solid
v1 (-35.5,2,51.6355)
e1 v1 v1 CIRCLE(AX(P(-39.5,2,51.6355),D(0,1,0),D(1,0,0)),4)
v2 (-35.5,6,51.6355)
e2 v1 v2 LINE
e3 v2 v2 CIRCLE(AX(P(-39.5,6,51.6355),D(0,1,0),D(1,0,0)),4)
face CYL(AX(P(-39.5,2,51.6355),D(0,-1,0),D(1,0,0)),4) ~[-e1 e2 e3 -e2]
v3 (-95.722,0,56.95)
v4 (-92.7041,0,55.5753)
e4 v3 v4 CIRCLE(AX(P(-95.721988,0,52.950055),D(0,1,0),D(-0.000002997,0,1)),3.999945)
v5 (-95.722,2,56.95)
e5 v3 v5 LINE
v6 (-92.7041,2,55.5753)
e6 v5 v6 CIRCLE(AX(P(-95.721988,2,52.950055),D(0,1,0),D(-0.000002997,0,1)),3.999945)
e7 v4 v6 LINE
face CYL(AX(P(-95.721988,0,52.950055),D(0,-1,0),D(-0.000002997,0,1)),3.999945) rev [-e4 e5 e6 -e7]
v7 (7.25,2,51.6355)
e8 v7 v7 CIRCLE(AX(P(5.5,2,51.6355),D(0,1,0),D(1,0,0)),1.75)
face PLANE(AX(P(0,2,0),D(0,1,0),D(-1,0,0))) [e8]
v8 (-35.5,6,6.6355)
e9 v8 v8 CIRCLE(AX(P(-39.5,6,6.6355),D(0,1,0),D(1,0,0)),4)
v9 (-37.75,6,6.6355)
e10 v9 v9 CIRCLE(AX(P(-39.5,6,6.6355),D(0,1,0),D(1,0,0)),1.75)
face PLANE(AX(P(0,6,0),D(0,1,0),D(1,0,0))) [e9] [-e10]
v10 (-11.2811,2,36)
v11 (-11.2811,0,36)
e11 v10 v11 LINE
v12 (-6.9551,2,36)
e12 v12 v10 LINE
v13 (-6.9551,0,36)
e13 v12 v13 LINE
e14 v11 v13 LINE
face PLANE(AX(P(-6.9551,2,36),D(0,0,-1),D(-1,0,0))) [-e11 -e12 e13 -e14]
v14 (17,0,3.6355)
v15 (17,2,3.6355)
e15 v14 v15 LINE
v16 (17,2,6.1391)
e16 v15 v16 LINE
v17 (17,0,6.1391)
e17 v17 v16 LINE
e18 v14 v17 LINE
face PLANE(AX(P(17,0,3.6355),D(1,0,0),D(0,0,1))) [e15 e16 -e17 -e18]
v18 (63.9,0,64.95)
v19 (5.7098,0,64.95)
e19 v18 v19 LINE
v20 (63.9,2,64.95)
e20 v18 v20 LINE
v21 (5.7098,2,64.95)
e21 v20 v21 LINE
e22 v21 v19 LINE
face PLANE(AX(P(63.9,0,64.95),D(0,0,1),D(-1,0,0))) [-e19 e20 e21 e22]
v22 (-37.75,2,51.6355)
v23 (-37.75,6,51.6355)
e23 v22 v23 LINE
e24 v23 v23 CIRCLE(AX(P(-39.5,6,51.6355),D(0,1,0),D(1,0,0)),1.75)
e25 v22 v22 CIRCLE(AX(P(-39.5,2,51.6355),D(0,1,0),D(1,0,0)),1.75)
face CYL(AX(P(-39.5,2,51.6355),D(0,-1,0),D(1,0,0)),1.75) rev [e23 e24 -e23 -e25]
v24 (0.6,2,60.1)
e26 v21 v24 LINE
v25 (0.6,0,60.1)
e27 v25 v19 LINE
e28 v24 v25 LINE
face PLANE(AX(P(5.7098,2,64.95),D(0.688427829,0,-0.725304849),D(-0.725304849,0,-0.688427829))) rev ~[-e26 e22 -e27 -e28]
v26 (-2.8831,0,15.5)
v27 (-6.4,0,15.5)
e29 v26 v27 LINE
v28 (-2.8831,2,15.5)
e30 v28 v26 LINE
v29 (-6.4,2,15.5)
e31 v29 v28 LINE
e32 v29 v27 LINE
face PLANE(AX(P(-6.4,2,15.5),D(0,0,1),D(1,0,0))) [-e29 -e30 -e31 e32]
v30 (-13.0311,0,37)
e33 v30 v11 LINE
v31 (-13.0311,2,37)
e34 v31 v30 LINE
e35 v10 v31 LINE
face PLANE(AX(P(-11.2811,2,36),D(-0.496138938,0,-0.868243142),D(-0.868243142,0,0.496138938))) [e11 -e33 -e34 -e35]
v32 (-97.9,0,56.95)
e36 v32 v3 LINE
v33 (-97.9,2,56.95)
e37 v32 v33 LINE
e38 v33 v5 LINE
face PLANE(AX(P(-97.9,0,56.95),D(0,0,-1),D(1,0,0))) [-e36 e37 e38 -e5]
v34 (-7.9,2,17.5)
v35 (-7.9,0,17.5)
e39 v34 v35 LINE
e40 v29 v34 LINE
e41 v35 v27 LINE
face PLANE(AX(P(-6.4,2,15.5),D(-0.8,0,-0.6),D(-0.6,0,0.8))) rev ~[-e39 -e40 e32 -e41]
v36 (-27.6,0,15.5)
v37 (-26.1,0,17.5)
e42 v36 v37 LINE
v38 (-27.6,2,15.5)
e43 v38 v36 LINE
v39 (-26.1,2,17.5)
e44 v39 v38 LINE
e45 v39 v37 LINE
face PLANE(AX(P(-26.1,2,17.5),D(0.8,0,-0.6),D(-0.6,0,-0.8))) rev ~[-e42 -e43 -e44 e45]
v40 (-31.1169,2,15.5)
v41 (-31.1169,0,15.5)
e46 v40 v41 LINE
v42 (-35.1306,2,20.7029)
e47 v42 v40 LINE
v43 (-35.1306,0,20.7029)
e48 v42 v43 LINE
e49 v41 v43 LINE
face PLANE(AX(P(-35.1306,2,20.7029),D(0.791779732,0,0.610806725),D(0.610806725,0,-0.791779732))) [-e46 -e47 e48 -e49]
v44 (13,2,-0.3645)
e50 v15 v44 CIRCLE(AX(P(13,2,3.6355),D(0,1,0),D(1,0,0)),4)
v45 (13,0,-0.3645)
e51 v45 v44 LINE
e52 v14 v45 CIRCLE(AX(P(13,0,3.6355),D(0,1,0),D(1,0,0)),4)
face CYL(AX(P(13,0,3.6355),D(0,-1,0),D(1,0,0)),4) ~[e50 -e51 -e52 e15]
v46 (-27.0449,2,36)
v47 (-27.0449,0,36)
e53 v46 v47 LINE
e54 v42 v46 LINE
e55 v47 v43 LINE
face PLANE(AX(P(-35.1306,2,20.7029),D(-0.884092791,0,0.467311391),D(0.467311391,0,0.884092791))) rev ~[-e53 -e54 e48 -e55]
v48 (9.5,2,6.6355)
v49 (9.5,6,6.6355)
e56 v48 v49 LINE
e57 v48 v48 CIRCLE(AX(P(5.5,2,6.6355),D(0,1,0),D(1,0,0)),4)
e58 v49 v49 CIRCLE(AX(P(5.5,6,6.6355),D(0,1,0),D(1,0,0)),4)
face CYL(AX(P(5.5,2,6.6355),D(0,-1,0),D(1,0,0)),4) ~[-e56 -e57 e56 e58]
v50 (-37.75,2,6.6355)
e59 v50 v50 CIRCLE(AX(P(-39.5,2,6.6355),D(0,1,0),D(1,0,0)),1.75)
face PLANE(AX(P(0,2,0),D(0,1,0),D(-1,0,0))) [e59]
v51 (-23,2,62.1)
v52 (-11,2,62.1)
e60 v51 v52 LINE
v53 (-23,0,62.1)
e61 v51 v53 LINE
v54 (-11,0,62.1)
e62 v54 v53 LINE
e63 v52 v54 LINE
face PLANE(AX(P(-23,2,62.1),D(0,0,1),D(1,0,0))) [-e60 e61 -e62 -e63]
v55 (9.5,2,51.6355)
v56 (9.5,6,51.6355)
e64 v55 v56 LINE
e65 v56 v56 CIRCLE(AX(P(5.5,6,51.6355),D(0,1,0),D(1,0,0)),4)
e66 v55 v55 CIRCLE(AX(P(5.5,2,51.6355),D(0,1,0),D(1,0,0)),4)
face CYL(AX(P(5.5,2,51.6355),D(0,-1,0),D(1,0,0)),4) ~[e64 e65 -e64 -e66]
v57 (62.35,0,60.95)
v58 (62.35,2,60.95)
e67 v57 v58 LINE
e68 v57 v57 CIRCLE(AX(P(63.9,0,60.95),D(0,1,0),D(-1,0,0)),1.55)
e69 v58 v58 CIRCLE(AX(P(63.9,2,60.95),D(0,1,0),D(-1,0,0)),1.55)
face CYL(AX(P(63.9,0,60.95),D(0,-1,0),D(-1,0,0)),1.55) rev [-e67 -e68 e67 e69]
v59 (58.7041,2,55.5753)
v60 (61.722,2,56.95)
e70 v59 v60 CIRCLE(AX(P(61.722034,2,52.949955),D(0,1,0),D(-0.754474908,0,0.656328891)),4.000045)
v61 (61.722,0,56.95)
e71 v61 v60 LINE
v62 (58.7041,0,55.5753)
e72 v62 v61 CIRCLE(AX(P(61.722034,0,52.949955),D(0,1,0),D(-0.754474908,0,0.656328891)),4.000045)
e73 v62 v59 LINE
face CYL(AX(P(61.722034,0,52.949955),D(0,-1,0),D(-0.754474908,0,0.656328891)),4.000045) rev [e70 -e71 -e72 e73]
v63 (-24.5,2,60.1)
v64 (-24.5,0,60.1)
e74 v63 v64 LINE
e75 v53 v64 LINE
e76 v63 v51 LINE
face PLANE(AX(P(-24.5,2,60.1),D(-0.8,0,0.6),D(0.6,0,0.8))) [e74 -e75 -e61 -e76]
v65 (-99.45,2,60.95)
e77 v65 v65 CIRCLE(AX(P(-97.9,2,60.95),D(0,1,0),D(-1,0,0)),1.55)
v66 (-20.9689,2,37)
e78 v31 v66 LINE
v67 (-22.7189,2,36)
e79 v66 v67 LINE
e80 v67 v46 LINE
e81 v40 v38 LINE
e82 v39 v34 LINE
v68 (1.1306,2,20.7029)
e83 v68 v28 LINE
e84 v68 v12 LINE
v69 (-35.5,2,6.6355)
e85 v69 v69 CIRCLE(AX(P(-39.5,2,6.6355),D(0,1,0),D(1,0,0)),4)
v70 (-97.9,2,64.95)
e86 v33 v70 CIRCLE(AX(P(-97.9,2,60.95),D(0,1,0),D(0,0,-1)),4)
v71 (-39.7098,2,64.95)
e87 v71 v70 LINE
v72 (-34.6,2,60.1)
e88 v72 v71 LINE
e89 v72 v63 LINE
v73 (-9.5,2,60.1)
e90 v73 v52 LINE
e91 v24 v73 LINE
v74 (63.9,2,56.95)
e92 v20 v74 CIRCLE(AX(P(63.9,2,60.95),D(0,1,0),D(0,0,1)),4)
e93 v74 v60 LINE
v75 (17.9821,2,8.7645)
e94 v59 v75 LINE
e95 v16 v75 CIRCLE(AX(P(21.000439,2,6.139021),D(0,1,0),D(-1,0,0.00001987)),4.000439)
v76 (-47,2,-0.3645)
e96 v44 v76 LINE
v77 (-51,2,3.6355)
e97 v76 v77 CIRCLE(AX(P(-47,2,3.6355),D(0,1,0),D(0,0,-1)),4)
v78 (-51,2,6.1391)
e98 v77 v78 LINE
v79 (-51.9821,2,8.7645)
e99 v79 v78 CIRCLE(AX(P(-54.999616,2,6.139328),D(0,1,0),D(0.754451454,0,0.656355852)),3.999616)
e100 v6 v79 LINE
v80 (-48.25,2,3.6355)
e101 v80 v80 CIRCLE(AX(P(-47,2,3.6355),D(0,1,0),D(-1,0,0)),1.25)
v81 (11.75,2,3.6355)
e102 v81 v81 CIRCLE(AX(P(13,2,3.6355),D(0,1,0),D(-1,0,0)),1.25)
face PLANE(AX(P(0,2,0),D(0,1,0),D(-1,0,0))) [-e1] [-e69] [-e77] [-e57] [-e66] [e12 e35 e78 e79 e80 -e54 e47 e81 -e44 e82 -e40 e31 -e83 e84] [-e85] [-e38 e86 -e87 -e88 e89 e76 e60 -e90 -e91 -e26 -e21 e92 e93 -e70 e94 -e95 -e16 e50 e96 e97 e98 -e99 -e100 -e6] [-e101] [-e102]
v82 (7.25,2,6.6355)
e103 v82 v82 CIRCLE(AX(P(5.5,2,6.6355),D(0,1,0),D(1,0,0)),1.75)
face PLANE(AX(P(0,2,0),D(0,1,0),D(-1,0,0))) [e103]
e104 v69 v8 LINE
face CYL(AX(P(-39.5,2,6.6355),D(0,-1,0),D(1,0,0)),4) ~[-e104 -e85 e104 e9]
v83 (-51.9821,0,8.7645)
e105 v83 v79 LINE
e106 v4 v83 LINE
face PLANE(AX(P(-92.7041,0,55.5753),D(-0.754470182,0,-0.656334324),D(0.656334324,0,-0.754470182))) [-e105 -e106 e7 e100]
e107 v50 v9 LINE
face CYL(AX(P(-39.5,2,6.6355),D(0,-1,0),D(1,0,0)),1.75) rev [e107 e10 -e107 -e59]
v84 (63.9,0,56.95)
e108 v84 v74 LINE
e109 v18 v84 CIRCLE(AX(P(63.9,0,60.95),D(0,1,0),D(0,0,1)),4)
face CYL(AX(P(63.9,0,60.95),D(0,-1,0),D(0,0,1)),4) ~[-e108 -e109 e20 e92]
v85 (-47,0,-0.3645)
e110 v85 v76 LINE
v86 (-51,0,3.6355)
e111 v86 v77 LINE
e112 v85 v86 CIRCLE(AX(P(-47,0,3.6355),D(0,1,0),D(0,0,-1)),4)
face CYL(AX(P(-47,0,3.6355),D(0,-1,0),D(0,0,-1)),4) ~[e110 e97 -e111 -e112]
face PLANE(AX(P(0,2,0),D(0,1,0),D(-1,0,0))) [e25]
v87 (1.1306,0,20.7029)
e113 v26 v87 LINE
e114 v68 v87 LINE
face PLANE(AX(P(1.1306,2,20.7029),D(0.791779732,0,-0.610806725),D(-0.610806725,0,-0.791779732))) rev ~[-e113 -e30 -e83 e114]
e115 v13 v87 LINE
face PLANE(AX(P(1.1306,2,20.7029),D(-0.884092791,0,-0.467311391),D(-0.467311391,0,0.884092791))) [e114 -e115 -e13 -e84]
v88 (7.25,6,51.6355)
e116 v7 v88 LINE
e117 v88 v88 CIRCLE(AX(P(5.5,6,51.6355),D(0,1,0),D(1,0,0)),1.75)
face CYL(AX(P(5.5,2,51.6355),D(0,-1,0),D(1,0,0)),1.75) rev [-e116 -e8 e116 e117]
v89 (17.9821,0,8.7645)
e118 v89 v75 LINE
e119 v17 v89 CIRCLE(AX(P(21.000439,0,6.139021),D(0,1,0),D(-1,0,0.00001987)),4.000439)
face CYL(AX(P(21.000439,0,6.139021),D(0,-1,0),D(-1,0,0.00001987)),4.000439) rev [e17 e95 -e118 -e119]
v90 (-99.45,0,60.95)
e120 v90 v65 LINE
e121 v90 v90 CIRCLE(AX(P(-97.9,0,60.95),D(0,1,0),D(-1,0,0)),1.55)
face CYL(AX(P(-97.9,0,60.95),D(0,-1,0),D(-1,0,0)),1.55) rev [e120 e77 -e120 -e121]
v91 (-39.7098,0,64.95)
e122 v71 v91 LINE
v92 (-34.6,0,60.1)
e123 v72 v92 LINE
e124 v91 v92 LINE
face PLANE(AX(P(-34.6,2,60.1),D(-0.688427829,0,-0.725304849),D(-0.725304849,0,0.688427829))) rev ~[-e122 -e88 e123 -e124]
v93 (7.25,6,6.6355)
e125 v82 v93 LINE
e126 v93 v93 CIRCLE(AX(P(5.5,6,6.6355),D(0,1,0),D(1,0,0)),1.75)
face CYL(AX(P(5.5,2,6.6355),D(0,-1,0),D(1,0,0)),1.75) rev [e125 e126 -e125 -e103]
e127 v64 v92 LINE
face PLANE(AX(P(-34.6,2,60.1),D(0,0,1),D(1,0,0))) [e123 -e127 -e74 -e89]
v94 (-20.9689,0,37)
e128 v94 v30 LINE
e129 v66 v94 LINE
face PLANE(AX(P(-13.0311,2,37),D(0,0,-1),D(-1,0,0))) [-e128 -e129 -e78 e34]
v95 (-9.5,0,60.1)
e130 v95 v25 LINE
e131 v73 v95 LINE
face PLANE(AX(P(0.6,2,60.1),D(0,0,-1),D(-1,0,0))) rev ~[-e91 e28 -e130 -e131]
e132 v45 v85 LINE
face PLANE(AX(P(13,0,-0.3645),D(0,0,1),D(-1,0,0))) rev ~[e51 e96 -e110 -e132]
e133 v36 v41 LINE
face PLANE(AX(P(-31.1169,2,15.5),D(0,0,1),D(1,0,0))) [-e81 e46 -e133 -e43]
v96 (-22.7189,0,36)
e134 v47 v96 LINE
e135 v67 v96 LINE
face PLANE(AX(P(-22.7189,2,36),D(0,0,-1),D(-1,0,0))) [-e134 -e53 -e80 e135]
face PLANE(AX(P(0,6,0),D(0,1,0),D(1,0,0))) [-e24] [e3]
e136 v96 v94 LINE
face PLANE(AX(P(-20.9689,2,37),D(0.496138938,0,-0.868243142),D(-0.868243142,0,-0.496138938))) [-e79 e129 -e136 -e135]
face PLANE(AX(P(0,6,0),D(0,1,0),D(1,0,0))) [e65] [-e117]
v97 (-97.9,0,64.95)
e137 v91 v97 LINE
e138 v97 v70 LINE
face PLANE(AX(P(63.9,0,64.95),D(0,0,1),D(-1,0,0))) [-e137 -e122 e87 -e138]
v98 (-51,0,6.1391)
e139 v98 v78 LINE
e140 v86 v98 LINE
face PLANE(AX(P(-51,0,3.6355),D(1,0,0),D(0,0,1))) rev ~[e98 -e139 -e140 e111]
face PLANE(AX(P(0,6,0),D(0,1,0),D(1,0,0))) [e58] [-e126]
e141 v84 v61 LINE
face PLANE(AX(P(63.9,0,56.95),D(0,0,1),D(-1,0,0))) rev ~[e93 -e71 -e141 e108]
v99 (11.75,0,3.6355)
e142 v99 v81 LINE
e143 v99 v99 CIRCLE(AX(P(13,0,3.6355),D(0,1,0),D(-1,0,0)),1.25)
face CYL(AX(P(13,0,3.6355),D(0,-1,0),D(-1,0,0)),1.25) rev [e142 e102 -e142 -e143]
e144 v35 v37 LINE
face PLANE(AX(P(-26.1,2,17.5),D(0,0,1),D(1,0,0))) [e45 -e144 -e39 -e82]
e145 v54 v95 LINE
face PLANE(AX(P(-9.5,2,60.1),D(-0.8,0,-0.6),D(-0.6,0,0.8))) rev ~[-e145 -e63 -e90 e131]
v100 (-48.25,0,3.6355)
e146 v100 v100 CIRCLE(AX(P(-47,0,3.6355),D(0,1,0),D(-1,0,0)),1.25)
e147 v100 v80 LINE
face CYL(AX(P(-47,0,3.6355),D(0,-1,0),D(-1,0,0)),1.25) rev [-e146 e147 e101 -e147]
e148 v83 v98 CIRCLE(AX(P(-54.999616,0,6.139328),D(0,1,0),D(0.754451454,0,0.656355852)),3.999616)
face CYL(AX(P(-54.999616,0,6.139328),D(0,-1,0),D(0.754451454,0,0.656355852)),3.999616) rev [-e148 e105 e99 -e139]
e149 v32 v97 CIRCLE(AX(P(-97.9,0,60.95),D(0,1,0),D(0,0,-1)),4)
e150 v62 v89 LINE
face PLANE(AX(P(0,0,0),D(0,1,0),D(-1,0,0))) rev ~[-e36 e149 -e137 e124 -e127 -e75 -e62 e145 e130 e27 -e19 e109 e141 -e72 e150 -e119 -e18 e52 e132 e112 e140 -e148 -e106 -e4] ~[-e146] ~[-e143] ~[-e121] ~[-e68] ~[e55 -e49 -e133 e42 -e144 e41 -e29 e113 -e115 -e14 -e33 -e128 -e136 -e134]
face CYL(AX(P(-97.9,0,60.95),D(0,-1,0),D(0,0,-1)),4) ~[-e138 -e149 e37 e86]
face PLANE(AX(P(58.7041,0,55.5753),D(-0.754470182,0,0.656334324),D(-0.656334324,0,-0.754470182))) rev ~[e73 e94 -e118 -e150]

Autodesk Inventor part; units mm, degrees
ref_plane "YZ Plane" through (0, 0, 0) normal (1, 0, 0) x (0, 1, 0)
ref_plane "XZ Plane" through (0, 0, 0) normal (0, 1, 0) x (-1, 0, 0)
ref_plane "XY Plane" through (0, 0, 0) normal (0, 0, 1) x (1, 0, 0)
sketch "Sketch1" plane through (0, 0, 0) normal (0, 1, 0) x (-1, 0, 0)
  circle A0 centre (-13, 3.6355) radius 1.25
  circle A1 centre (47, 3.6355) radius 1.25
  circle A2 centre (-63.9, 60.95) radius 1.55
  circle A3 centre (-63.9, 60.95) radius 1.5
  circle A4 centre (97.9, 60.95) radius 1.55
  circle A5 centre (97.9, 60.95) radius 1.5
  arc A6 (47, -0.3645) -> (51, 3.6355) centre (47, 3.6355) ccw
  arc A7 (-17, 3.6355) -> (-13, -0.3645) centre (-13, 3.6355) ccw
  arc A8 (-63.9, 64.95) -> (-63.9, 56.95) centre (-63.9, 60.95) ccw
  arc A9 (97.9, 56.95) -> (97.9, 64.95) centre (97.9, 60.95) ccw
  line L0 (-13, -0.3645) -> (47, -0.3645)
  line L1 (-63.9, 64.95) -> (97.9, 64.95)
  line L2 (-17, 3.6355) -> (-17, 6.1391)
  line L3 (51, 3.6355) -> (51, 6.1391)
  arc A10 (51, 3.6355) -> (47, -0.3645) centre (47, 3.6355) ccw construction
  arc A11 (-13, -0.3645) -> (-17, 3.6355) centre (-13, 3.6355) ccw construction
  line L4 (-63.9, 56.95) -> (-61.722, 56.95)
  line L5 (97.9, 56.95) -> (95.722, 56.95)
  line L6 (92.7041, 55.5753) -> (51.9821, 8.7645)
  line L7 (-58.7041, 55.5753) -> (-17.9821, 8.7645)
  arc A12 (-58.7041, 55.5753) -> (-61.722, 56.95) centre (-61.722, 52.95) ccw
  arc A13 (95.722, 56.95) -> (92.7041, 55.5753) centre (95.722, 52.95) ccw
  arc A14 (51.9821, 8.7645) -> (51, 6.1391) centre (55, 6.1391) ccw
  arc A15 (-17, 6.1391) -> (-17.9821, 8.7645) centre (-21, 6.1391) ccw
  arc A16 (-63.9, 56.95) -> (-63.9, 64.95) centre (-63.9, 60.95) ccw construction
  arc A17 (97.9, 64.95) -> (97.9, 56.95) centre (97.9, 60.95) ccw construction
  point P0 (0, 0)
  point P1 (17, 90.5)
  dimension "d0" = 2.5
  dimension "d1" = 2.5
  dimension "d2" = 3
  dimension "d3" = 3
  dimension "d4" = 8
  dimension "d5" = 8
  dimension "d6" = 8
  dimension "d7" = 8
  dimension "d8" = 60
  dimension "d18" = 4
extrude "Extrusion1" add sketch "Sketch1" along normal blind 2 contours L0 A7 L2 A15 L7 A12 L4 A8 L1 A9 L5 A13 L6 A14 L3 A6
sketch "Sketch2" plane through (0, 2, 0) normal (0, 1, 0) x (1, 0, 0)
  circle A0 centre (13, -3.6355) radius 1.25 projected
  circle A1 centre (-47, -3.6355) radius 1.25 projected
  circle A2 centre (-39.5, -6.6355) radius 4
  circle A3 centre (5.5, -6.6355) radius 4
  circle A4 centre (5.5, -51.6355) radius 4
  circle A5 centre (-39.5, -51.6355) radius 4
  line L0 (13, 0.3645) -> (-47, 0.3645) projected
  circle A6 centre (-39.5, -6.6355) radius 1.75
  circle A7 centre (5.5, -6.6355) radius 1.75
  circle A8 centre (5.5, -51.6355) radius 1.75
  circle A9 centre (-39.5, -51.6355) radius 1.75
  point P0 (0, 0)
  dimension "d21" = 60
  dimension "d22" = 8
  dimension "d23" = 8
  dimension "d24" = 8
  dimension "d25" = 8
  dimension "d26" = 45
  dimension "d27" = 45
  dimension "d28" = 45
  dimension "d29" = 7
  dimension "d30" = 45
  dimension "d31" = 7.5
  dimension "d32" = 3.5
  dimension "d33" = 3.5
  dimension "d34" = 3.5
  dimension "d35" = 3.5
extrude "Extrusion2" add sketch "Sketch2" along normal blind 4 contours A2 | A3 | A4 | A5
sketch "Sketch3" plane through (0, 2, 0) normal (0, 1, 0) x (1, 0, 0)
  circle A0 centre (13, -3.6355) radius 1.55 construction
  line L0 (13, -3.6355) -> (-2, 2) construction
  line L1 (-2, 2) -> (-2, 4) construction
  line L2 (-2, 2) -> (-2, 4) construction
  line L3 (-2, 4) -> (6, 6.8723) construction
  line L4 (9.8, 6.8723) -> (53.9673, -18.6277) construction
  line L5 (6, 6.8723) -> (9.8, 6.8723) construction
  line L6 (9.8, 6.8723) -> (53.9673, -18.6277) construction
  line L7 (57.4673, -24.6899) -> (57.0036, -33.6779) construction
  line L8 (53.9673, -18.6277) -> (57.4673, -24.6899) construction
  line L9 (57.4673, -24.6899) -> (57.0036, -33.6779) construction
  line L10 (75.376, -65.5) -> (80.5, -65.5) construction
  line L11 (57.0036, -33.6779) -> (75.376, -65.5) construction
  line L12 (75.376, -65.5) -> (6.5, -65.7) construction
  line L13 (6.5, -65.7) -> (6.2893, -65.5) construction
  line L14 (0.6, -60.1) -> (-9.5, -60.1)
  line L15 (-9.5, -60.1) -> (-11, -62.1)
  line L16 (-9.5, -60.1) -> (-11, -62.1)
  line L17 (-23, -62.1) -> (-11, -62.1)
  line L18 (-11, -62.1) -> (-23, -62.1)
  line L19 (-24.5, -60.1) -> (-23, -62.1)
  line L20 (-23, -62.1) -> (-24.5, -60.1)
  line L21 (-34.6, -60.1) -> (-24.5, -60.1)
  line L22 (-24.5, -60.1) -> (-34.6, -60.1)
  line L23 (-40.5, -71.9) -> (-40.5, -65.7) construction
  line L24 (-34.6, -60.1) -> (-39.7098, -64.95)
  line L25 (-114.5, -65.5) -> (-109.376, -65.5) construction
  line L26 (-40.5, -65.7) -> (-109.376, -65.5) construction
  line L27 (-109.376, -65.5) -> (-91.0036, -33.6779) construction
  line L28 (-87.9673, -18.6277) -> (-91.4673, -24.6899) construction
  line L29 (-91.0036, -33.6779) -> (-91.4673, -24.6899) construction
  line L30 (-91.4673, -24.6899) -> (-87.9673, -18.6277) construction
  line L31 (-40, 6.8723) -> (-43.8, 6.8723) construction
  line L32 (-87.9673, -18.6277) -> (-43.8, 6.8723) construction
  line L33 (-43.8, 6.8723) -> (-40, 6.8723) construction
  line L34 (-32, 4) -> (-40, 6.8723) construction
  line L35 (-40, 6.8723) -> (-32, 4) construction
  line L36 (-32, 4) -> (-32, 2) construction
  line L37 (-32, 2) -> (-2, 2) construction
  line L38 (-6.4, -15.5) -> (-2.8831, -15.5)
  line L39 (-2.8831, -15.5) -> (-6.4, -15.5)
  line L40 (-26.1, -17.5) -> (-7.9, -17.5)
  line L41 (-6.4, -15.5) -> (-7.9, -17.5)
  line L42 (-7.9, -17.5) -> (-26.1, -17.5)
  line L43 (-31.1169, -15.5) -> (-27.6, -15.5)
  line L44 (-26.1, -17.5) -> (-27.6, -15.5)
  line L45 (-35.1306, -20.7029) -> (-31.1169, -15.5)
  line L46 (-27.6, -15.5) -> (-31.1169, -15.5)
  line L47 (-31.1169, -15.5) -> (-35.1306, -20.7029)
  line L48 (-35.1306, -20.7029) -> (-27.0449, -36)
  line L49 (-22.7189, -36) -> (-27.0449, -36)
  line L50 (-27.0449, -36) -> (-22.7189, -36)
  line L51 (-20.9689, -37) -> (-22.7189, -36)
  line L52 (-22.7189, -36) -> (-20.9689, -37)
  line L53 (-13.0311, -37) -> (-20.9689, -37)
  line L54 (-20.9689, -37) -> (-13.0311, -37)
  line L55 (-11.2811, -36) -> (-13.0311, -37)
  line L56 (-13.0311, -37) -> (-11.2811, -36)
  line L57 (-6.9551, -36) -> (-11.2811, -36)
  line L58 (-11.2811, -36) -> (-6.9551, -36)
  line L59 (1.1306, -20.7029) -> (-6.9551, -36)
  line L60 (-6.9551, -36) -> (1.1306, -20.7029)
  line L61 (1.1306, -20.7029) -> (-2.8831, -15.5)
  circle A1 centre (13, -3.6355) radius 1.25 projected
  line L62 (-97.9, -64.95) -> (63.9, -64.95) projected
  line L63 (5.7098, -64.95) -> (-39.7098, -64.95)
  line L64 (5.7098, -64.95) -> (0.6, -60.1)
  point P0 (0, 0)
  point P1 (17, 90.5)
extrude "Extrusion3" cut sketch "Sketch3" against normal up to next contours L64 L62 L24 L21 L19 L17 L15 L14 | L38 L61 L59 L57 L55 L53 L51 L49 L48 L45 L43 L44 L40 L41
equation "\"d31\" = -0.5 * d26 + 0.5 * d21"
properties part number "ElectronicsMount - BoltOnStyle"
